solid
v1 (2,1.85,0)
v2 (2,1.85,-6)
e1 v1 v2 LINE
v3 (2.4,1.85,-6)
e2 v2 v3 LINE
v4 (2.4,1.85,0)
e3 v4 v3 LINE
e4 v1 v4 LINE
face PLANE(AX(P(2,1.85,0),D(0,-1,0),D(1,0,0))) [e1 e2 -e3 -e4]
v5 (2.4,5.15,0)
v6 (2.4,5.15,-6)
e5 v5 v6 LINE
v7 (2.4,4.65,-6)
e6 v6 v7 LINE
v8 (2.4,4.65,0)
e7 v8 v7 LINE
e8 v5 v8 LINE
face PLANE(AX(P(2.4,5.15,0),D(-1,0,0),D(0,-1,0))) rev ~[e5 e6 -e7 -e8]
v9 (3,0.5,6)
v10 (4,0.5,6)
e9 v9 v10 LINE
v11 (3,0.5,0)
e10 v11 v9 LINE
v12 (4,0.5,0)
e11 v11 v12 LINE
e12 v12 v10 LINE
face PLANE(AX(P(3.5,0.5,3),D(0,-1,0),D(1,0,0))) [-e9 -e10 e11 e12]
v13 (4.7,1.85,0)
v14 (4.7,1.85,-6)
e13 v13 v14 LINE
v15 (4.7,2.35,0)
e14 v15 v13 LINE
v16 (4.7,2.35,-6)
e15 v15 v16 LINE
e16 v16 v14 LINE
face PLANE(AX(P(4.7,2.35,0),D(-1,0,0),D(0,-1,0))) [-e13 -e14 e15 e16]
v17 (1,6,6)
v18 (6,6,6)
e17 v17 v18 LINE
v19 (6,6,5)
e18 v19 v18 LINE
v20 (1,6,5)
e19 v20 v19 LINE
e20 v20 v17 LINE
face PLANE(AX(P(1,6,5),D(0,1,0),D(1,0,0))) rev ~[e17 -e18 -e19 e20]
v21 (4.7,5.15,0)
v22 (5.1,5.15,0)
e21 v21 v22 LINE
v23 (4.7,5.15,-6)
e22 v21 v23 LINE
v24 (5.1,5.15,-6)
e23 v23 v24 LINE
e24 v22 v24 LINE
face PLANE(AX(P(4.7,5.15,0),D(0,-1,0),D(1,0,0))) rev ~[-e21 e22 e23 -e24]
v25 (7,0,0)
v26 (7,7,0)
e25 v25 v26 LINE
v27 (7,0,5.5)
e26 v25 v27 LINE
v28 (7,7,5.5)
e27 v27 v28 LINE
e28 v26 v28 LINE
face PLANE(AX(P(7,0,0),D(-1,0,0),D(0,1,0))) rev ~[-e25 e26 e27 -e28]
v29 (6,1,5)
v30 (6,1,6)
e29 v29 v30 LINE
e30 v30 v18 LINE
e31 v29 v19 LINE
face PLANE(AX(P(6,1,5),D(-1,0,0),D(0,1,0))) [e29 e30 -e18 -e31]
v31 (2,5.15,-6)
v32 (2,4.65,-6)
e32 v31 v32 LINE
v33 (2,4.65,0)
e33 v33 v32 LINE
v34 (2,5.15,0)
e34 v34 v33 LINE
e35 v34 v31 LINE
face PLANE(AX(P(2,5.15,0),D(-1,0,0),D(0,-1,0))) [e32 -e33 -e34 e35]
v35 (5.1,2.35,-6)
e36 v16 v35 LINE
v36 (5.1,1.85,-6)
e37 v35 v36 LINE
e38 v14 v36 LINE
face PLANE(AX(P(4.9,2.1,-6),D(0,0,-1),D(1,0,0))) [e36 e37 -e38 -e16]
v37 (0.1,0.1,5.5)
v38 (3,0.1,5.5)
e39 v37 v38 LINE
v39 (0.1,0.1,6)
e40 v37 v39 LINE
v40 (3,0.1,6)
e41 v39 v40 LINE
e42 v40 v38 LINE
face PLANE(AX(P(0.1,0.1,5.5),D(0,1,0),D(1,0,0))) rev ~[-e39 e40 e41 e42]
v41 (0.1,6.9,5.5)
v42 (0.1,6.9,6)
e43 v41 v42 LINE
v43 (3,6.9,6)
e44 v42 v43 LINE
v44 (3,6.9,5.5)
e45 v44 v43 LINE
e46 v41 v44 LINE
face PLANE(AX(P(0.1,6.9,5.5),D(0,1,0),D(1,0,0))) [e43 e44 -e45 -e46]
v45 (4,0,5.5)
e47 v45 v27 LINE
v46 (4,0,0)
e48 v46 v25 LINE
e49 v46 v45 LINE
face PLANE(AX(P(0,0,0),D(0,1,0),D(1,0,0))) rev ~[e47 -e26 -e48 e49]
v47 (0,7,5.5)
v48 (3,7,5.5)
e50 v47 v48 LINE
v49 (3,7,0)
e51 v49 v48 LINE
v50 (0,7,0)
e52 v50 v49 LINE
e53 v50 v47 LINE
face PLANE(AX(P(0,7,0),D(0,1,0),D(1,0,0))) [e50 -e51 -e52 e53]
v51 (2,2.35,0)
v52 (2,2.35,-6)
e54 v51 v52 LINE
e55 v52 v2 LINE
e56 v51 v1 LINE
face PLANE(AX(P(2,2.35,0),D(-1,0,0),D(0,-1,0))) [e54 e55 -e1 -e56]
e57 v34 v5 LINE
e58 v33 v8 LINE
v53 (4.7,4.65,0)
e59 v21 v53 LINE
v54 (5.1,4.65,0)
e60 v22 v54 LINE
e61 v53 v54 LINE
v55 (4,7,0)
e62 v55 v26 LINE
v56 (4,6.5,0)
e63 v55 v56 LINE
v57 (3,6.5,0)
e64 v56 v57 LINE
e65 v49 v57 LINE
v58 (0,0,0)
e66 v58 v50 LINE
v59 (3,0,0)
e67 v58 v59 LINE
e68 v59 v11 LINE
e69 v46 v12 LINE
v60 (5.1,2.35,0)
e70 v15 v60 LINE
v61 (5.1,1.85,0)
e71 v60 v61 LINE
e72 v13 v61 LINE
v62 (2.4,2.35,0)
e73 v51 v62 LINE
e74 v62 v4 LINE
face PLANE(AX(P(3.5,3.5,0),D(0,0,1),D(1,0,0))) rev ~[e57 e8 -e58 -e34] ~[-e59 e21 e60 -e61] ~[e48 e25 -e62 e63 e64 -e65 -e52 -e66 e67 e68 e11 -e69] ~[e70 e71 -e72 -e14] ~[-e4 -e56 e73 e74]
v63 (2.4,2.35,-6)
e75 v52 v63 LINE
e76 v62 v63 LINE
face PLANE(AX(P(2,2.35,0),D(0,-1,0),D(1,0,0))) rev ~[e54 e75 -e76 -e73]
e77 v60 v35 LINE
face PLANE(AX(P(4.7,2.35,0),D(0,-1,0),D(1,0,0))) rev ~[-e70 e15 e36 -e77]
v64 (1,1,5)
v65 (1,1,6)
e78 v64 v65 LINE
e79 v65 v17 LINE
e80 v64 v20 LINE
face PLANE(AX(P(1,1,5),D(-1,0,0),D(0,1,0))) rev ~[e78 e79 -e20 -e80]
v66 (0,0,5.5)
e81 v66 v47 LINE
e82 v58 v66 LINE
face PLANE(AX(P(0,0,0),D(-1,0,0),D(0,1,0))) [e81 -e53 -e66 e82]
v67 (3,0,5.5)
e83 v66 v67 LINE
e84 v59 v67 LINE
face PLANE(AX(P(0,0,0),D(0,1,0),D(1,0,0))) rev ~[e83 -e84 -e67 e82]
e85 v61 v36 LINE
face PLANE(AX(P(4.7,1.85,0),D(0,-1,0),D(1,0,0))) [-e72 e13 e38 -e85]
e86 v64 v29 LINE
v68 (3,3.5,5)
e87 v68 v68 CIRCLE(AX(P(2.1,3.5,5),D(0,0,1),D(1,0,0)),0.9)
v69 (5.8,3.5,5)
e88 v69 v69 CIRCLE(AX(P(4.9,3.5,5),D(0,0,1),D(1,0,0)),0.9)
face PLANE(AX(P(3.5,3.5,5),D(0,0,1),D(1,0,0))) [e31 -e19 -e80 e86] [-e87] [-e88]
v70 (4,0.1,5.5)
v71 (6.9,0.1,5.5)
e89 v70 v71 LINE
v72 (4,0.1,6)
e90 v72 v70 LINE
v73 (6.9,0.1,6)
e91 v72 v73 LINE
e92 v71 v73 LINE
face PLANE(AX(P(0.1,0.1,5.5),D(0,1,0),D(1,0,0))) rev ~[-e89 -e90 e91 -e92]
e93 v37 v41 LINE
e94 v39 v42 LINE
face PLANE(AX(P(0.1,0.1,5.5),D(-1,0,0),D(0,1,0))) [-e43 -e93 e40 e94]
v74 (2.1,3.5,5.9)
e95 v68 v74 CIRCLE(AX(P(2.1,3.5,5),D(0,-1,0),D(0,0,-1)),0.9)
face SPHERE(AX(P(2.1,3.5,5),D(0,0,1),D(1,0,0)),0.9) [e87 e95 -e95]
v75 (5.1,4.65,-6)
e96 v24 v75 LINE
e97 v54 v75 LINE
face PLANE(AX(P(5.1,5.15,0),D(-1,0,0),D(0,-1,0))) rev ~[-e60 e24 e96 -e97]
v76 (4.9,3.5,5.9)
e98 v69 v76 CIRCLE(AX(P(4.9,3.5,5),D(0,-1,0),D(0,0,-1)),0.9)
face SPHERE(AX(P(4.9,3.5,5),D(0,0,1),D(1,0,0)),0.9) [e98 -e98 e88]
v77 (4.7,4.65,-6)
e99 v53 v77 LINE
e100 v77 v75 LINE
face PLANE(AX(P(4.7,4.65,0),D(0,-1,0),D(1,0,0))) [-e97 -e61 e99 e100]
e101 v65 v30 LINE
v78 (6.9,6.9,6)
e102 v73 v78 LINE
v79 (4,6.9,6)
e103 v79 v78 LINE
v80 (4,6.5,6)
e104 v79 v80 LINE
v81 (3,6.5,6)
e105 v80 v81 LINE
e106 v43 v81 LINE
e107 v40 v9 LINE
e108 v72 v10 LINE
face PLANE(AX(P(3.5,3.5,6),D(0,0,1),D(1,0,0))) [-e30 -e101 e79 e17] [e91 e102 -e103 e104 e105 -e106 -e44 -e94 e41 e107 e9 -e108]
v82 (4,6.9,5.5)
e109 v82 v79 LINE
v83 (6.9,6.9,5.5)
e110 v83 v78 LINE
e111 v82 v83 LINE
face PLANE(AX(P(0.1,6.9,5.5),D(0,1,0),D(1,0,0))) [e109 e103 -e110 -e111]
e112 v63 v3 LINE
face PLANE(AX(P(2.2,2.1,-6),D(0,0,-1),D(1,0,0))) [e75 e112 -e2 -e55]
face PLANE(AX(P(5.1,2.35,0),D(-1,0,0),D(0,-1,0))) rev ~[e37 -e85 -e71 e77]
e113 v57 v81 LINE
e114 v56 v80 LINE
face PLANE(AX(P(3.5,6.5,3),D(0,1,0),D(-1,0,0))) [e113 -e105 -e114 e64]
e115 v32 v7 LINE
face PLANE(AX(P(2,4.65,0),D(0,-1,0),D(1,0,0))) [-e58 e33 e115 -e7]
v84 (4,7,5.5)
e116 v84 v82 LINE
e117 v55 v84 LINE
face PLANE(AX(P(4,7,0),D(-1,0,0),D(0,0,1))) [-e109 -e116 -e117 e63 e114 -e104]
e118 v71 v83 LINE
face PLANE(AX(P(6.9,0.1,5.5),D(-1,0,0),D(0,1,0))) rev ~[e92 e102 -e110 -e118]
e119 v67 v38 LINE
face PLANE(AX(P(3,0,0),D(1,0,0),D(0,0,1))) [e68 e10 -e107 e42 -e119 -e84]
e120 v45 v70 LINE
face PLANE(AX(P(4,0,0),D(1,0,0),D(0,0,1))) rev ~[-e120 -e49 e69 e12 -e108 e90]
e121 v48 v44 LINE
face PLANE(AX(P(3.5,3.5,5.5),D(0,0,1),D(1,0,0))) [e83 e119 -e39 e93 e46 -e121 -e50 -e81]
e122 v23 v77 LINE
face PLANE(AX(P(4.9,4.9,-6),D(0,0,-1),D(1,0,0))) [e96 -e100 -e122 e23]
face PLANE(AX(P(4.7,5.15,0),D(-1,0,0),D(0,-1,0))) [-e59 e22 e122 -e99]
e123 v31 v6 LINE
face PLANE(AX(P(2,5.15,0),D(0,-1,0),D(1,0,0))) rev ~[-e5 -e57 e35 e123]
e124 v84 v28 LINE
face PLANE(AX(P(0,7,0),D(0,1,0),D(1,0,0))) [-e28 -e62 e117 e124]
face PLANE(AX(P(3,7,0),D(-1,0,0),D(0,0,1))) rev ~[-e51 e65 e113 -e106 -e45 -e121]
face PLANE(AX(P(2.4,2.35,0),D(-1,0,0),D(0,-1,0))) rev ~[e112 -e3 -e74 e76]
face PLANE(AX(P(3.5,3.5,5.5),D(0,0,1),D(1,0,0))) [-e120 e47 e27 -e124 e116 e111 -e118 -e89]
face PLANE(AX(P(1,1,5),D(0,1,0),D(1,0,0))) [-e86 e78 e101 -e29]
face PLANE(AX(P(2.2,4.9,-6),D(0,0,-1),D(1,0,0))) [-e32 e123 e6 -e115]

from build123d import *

# Parameters (mm, degrees)
BOX001_W        = 5
BOX001_H        = 5
BOX001_DEPTH    = 1
BOX002_W        = 6.8
BOX002_H        = 6.8
BOX002_DEPTH    = 0.5
BOX_W           = 7
BOX_H           = 7
BOX_DEPTH       = 5.5
SKETCH_W        = 1
SKETCH_H        = 6
POCKET_DEPTH    = 0.5
SKETCH001_W     = 1
SKETCH001_H     = 6
POCKET001_DEPTH = 0.5
SKETCH002_W     = 0.4
SKETCH002_H     = 0.5
PAD_DEPTH       = 6


with BuildPart() as esf_ra001:
    # Sphere001 → Sphere001 (revolve)
    with BuildSketch(Plane(origin=(4.9, 3.5, 5), x_dir=(1, 0, 0), z_dir=(0, -1, 0))):
        with BuildLine():
            ThreePointArc((0, -0.9), (0.9, 0), (0, 0.9))
            Line((0, 0.9), (0, -0.9))
        make_face()
    revolve(axis=Axis((4.9, 3.5, 5), (0, 0, 1)))


with BuildPart() as esf_ra:
    # Sphere → Sphere (revolve)
    with BuildSketch(Plane(origin=(2.1, 3.5, 5), x_dir=(1, 0, 0), z_dir=(0, -1, 0))):
        with BuildLine():
            ThreePointArc((0, -0.9), (0.9, 0), (0, 0.9))
            Line((0, 0.9), (0, -0.9))
        make_face()
    revolve(axis=Axis((2.1, 3.5, 5), (0, 0, 1)))


with BuildPart() as cubo001:
    # Box001 → Box001 (new body)
    with BuildSketch(Plane(origin=(1, 1, 5), x_dir=(1, 0, 0), z_dir=(0, 0, 1))):
        with Locations((2.5, 2.5)):
            Rectangle(BOX001_W, BOX001_H)
    extrude(amount=BOX001_DEPTH)


with BuildPart() as cubo002:
    # Box002 → Box002 (new body)
    with BuildSketch(Plane(origin=(0.1, 0.1, 5.5), x_dir=(1, 0, 0), z_dir=(0, 0, 1))):
        with Locations((3.4, 3.4)):
            Rectangle(BOX002_W, BOX002_H)
    extrude(amount=BOX002_DEPTH)


with BuildPart() as cny70:
    # Box → Box (new body)
    with BuildSketch(Plane.XY):
        with Locations((3.5, 3.5)):
            Rectangle(BOX_W, BOX_H)
    extrude(amount=BOX_DEPTH)

    # Fusion: union Cubo002
    add(cubo002.part)

    # Cut: cut Cubo001
    add(cubo001.part, mode=Mode.SUBTRACT)

    # Sketch → Pocket (cut)
    with BuildSketch(Plane.XZ):
        with Locations((3.5, 3)):
            Rectangle(SKETCH_W, SKETCH_H)
    extrude(amount=-POCKET_DEPTH, mode=Mode.SUBTRACT)

    # Sketch001 → Pocket001 (cut)
    with BuildSketch(Plane(origin=(0, 7, 0), x_dir=(-1, 0, 0), z_dir=(0, 1, 0))):
        with Locations((-3.5, 3)):
            Rectangle(SKETCH001_W, SKETCH001_H)
    extrude(amount=-POCKET001_DEPTH, mode=Mode.SUBTRACT)

    # Sketch002 → Pad (new body)
    with BuildSketch(Plane(origin=(0, 0, 0), x_dir=(1, 0, 0), z_dir=(0, 0, -1))):
        with Locations((2.2, -2.1)):
            Rectangle(SKETCH002_W, SKETCH002_H)
        with Locations((4.9, -2.1)):
            Rectangle(SKETCH002_W, SKETCH002_H)
        with Locations((4.9, -4.9)):
            Rectangle(SKETCH002_W, SKETCH002_H)
        with Locations((2.2, -4.9)):
            Rectangle(SKETCH002_W, SKETCH002_H)
    extrude(amount=PAD_DEPTH)

    # Fusion001: union Esféra001, Esféra
    add(esf_ra001.part)
    add(esf_ra.part)


solid = cny70.part
